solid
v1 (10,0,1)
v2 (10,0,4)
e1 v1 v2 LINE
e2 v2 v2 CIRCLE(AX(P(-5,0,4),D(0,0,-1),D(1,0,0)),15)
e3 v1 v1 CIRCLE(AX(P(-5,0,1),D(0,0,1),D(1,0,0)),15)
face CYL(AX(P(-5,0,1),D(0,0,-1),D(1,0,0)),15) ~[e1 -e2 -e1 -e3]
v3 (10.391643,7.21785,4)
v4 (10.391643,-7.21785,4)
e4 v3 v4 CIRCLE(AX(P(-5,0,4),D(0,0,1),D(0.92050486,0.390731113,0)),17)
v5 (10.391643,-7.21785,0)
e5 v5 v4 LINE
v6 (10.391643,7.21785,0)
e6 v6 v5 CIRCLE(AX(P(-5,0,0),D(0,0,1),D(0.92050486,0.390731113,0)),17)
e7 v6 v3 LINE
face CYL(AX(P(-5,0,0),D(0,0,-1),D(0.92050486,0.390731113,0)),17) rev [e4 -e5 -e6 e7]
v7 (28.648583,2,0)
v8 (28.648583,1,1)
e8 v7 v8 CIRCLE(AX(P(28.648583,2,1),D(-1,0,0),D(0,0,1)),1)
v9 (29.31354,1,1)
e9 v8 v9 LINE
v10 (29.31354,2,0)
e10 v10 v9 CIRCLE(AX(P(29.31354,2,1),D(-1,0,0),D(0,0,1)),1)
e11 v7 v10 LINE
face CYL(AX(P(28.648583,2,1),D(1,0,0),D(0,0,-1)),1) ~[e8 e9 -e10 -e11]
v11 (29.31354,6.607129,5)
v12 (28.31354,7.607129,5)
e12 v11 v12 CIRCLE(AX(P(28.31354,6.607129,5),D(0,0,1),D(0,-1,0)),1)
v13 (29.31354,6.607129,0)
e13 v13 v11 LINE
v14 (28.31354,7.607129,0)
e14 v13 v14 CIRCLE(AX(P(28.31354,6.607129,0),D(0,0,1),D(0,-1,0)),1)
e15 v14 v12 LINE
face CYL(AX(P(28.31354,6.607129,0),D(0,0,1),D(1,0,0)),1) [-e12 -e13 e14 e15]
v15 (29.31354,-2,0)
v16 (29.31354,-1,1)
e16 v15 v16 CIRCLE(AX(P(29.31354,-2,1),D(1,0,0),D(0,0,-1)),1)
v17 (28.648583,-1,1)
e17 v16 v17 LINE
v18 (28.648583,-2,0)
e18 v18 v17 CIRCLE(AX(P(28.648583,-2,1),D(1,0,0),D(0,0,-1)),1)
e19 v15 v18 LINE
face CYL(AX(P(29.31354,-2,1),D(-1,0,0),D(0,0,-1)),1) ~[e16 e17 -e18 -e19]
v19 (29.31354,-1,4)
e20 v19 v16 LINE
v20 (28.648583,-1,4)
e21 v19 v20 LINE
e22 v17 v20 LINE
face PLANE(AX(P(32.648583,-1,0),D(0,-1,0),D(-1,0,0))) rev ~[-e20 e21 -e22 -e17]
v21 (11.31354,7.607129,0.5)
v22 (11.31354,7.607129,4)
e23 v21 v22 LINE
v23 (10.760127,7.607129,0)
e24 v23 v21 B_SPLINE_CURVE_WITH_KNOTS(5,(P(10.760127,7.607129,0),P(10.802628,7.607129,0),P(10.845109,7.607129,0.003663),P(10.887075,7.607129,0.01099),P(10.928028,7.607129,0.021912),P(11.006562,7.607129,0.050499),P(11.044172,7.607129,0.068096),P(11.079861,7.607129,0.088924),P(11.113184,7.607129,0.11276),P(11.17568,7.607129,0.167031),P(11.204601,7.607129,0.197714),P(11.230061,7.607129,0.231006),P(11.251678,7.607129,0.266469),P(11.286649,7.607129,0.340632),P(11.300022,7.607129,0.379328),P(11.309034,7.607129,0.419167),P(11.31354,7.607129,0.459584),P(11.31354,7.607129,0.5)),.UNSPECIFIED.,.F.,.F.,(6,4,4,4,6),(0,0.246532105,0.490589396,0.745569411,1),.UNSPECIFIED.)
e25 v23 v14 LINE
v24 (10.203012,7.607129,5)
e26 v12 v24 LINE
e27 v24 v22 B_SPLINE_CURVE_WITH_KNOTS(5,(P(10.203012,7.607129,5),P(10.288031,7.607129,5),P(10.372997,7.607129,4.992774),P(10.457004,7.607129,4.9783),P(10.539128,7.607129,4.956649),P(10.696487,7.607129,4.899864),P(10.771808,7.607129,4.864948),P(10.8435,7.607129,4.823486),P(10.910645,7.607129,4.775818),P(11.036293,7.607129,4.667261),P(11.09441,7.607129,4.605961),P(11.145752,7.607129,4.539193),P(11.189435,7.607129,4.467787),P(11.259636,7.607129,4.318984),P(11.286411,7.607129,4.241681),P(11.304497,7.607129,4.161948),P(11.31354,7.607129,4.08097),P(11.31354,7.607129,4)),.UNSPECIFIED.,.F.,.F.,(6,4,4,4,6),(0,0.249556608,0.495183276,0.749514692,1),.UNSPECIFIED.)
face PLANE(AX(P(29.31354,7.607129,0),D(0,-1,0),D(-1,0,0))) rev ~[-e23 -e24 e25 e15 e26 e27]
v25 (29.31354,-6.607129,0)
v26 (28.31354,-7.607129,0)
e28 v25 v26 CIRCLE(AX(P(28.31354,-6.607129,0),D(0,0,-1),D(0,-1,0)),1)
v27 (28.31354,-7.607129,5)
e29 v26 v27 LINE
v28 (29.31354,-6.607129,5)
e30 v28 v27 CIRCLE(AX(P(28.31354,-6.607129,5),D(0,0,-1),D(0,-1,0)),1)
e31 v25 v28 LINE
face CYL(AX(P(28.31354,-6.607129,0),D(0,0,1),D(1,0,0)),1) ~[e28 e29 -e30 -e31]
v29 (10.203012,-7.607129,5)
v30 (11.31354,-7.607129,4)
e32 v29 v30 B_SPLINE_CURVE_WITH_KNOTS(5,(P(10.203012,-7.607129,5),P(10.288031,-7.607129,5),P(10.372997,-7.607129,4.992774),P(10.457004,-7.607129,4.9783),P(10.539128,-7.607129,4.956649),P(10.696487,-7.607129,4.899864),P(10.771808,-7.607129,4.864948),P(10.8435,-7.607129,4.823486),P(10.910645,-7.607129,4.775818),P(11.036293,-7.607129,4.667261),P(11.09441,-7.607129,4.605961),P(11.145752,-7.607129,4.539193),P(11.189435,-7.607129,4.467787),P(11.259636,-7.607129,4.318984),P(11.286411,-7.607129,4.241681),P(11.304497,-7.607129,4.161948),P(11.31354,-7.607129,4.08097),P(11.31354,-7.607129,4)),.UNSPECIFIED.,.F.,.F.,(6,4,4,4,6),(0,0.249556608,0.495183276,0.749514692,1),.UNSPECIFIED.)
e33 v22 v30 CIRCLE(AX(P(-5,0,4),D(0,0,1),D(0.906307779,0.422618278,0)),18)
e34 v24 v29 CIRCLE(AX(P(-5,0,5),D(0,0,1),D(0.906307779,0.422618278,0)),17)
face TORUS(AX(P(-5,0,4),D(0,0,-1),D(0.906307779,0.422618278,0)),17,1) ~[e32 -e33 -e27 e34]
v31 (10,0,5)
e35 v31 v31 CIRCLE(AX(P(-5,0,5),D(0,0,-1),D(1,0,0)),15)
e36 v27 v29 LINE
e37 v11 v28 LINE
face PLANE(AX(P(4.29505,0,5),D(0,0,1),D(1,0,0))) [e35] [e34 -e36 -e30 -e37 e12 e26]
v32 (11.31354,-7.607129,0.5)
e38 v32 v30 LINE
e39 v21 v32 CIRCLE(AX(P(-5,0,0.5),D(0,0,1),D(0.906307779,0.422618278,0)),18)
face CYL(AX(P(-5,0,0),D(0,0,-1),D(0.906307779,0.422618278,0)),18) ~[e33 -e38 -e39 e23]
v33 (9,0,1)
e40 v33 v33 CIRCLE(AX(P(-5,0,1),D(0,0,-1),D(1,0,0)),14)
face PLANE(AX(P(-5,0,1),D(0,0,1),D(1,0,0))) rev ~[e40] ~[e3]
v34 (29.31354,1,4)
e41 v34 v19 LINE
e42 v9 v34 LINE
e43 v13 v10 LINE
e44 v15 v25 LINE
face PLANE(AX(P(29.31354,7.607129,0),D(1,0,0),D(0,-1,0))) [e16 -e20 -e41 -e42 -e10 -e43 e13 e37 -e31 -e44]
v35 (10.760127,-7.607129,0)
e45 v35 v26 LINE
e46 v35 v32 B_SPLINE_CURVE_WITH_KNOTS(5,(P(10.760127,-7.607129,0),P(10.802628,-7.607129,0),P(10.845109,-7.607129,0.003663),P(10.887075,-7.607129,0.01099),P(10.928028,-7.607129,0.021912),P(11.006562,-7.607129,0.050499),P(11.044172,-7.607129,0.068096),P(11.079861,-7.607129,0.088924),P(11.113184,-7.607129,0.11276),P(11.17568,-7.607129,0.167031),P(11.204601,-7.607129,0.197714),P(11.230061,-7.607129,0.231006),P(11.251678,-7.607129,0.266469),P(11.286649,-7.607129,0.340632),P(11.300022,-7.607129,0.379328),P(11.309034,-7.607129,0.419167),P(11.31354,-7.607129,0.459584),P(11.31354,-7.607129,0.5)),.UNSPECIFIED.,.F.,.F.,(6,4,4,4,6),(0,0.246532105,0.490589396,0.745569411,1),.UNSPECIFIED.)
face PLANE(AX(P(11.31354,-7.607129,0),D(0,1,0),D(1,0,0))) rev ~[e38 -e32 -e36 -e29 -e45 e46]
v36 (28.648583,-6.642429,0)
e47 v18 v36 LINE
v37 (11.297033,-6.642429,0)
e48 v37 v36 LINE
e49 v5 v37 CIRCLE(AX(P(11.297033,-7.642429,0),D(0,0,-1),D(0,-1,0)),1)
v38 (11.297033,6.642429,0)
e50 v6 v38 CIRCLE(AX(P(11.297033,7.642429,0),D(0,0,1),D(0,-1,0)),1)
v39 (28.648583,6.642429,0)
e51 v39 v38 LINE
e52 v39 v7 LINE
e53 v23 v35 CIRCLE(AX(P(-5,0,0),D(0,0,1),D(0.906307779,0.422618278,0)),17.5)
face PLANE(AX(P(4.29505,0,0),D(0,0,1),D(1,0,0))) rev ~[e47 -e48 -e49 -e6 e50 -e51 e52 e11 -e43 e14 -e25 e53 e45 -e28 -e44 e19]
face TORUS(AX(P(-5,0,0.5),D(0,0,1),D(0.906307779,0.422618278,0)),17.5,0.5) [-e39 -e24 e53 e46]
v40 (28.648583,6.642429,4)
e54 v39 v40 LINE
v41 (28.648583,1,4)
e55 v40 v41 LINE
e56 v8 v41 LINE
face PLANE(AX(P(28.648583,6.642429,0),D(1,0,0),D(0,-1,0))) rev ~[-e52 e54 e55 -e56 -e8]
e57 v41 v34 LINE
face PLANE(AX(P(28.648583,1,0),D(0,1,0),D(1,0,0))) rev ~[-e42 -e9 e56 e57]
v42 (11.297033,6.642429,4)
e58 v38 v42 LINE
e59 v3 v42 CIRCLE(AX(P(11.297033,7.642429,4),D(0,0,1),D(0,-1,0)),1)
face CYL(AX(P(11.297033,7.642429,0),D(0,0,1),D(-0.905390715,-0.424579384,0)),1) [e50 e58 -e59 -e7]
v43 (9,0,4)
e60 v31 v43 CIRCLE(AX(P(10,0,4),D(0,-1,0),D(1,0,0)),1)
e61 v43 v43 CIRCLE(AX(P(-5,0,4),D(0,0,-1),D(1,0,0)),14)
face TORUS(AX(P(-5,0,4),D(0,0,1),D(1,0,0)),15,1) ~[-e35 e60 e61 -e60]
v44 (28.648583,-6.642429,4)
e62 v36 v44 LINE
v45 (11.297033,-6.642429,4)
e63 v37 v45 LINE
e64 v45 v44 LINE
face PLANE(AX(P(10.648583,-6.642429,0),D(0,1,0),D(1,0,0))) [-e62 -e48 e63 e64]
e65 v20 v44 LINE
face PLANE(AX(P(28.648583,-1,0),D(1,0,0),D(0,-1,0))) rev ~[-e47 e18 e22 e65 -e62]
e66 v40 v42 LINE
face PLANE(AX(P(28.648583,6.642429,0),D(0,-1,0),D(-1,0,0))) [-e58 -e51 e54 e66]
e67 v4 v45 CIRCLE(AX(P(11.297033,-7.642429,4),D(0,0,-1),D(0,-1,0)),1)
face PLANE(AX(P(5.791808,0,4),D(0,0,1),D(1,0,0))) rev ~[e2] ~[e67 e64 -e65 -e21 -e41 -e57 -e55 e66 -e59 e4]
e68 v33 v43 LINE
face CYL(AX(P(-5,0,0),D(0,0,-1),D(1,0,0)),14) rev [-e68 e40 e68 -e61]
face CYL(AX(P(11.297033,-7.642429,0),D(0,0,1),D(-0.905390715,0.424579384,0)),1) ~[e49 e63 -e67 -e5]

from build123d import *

# Parameters (mm, degrees)
PAD_DEPTH       = 5
POCKET_DEPTH    = 4
SKETCH005_R     = 15
PAD001_DEPTH    = 4
FILLET_R        = 1
FILLET001_R     = 0.5
SKETCH006_R     = 14
POCKET001_DEPTH = 5.001
FILLET002_R     = 1
FILLET003_R     = 1
FILLET004_R     = 1
FILLET005_R     = 1
FILLET006_R     = 1
FILLET007_R     = 1
FILLET008_R     = 1


with BuildPart() as part:
    # Sketch001 → Pad (new body)
    with BuildSketch(Plane.XY):
        with BuildLine():
            Line((29.31354, 7.607129), (11.31354, 7.607129))
            ThreePointArc((11.31354, 7.607129), (-23, 0), (11.31354, -7.607129))
            Line((11.31354, -7.607129), (29.31354, -7.607129))
            Line((29.31354, 7.607129), (29.31354, -7.607129))
        make_face()
    extrude(amount=PAD_DEPTH)

    # Sketch004 → Pocket (cut)
    with BuildSketch(Plane.XY):
        with BuildLine():
            Line((28.648583, 6.642429), (10.648583, 6.642429))
            ThreePointArc((10.648583, 6.642429), (-22, 0), (10.648583, -6.642429))
            Line((10.648583, -6.642429), (28.648583, -6.642429))
            Line((28.648583, -1), (28.648583, -6.642429))
            Line((32.648583, -1), (28.648583, -1))
            Line((32.648583, 1), (32.648583, -1))
            Line((28.648583, 1), (32.648583, 1))
            Line((28.648583, 6.642429), (28.648583, 1))
        make_face()
    extrude(amount=POCKET_DEPTH, mode=Mode.SUBTRACT)

    # Sketch005 → Pad001 (join)
    with BuildSketch(Plane.XY.offset(1)):
        with Locations((-5, 0)):
            Circle(SKETCH005_R)
    extrude(amount=PAD001_DEPTH)

    # Fillet
    fillet_edges = [part.edges().sort_by_distance(p)[0] for p in [
        (-23, 0, 5),
    ]]
    fillet(fillet_edges, radius=FILLET_R)

    # Fillet001
    fillet001_edges = [part.edges().sort_by_distance(p)[0] for p in [
        (-23, 0, 0),
    ]]
    fillet(fillet001_edges, radius=FILLET001_R)

    # Sketch006 → Pocket001 (cut, through all)
    with BuildSketch(Plane.XY):
        with Locations((-5, 0)):
            Circle(SKETCH006_R)
    extrude(amount=POCKET001_DEPTH, mode=Mode.SUBTRACT)

    # Fillet002
    fillet002_edges = [part.edges().sort_by_distance(p)[0] for p in [
        (-19, 0, 5),
    ]]
    fillet(fillet002_edges, radius=FILLET002_R)

    # Fillet003
    fillet003_edges = [part.edges().sort_by_distance(p)[0] for p in [
        (28.981061, 1, 0),
    ]]
    fillet(fillet003_edges, radius=FILLET003_R)

    # Fillet004
    fillet004_edges = [part.edges().sort_by_distance(p)[0] for p in [
        (28.981061, -1, 0),
    ]]
    fillet(fillet004_edges, radius=FILLET004_R)

    # Fillet005
    fillet005_edges = [part.edges().sort_by_distance(p)[0] for p in [
        (29.31354, 7.607129, 2.5),
    ]]
    fillet(fillet005_edges, radius=FILLET005_R)

    # Fillet006
    fillet006_edges = [part.edges().sort_by_distance(p)[0] for p in [
        (29.31354, -7.607129, 2.5),
    ]]
    fillet(fillet006_edges, radius=FILLET006_R)

    # Fillet007
    fillet007_edges = [part.edges().sort_by_distance(p)[0] for p in [
        (10.648583, 6.642429, 2),
    ]]
    fillet(fillet007_edges, radius=FILLET007_R)

    # Fillet008
    fillet008_edges = [part.edges().sort_by_distance(p)[0] for p in [
        (10.648583, -6.642429, 2),
    ]]
    fillet(fillet008_edges, radius=FILLET008_R)


solid = part.part
